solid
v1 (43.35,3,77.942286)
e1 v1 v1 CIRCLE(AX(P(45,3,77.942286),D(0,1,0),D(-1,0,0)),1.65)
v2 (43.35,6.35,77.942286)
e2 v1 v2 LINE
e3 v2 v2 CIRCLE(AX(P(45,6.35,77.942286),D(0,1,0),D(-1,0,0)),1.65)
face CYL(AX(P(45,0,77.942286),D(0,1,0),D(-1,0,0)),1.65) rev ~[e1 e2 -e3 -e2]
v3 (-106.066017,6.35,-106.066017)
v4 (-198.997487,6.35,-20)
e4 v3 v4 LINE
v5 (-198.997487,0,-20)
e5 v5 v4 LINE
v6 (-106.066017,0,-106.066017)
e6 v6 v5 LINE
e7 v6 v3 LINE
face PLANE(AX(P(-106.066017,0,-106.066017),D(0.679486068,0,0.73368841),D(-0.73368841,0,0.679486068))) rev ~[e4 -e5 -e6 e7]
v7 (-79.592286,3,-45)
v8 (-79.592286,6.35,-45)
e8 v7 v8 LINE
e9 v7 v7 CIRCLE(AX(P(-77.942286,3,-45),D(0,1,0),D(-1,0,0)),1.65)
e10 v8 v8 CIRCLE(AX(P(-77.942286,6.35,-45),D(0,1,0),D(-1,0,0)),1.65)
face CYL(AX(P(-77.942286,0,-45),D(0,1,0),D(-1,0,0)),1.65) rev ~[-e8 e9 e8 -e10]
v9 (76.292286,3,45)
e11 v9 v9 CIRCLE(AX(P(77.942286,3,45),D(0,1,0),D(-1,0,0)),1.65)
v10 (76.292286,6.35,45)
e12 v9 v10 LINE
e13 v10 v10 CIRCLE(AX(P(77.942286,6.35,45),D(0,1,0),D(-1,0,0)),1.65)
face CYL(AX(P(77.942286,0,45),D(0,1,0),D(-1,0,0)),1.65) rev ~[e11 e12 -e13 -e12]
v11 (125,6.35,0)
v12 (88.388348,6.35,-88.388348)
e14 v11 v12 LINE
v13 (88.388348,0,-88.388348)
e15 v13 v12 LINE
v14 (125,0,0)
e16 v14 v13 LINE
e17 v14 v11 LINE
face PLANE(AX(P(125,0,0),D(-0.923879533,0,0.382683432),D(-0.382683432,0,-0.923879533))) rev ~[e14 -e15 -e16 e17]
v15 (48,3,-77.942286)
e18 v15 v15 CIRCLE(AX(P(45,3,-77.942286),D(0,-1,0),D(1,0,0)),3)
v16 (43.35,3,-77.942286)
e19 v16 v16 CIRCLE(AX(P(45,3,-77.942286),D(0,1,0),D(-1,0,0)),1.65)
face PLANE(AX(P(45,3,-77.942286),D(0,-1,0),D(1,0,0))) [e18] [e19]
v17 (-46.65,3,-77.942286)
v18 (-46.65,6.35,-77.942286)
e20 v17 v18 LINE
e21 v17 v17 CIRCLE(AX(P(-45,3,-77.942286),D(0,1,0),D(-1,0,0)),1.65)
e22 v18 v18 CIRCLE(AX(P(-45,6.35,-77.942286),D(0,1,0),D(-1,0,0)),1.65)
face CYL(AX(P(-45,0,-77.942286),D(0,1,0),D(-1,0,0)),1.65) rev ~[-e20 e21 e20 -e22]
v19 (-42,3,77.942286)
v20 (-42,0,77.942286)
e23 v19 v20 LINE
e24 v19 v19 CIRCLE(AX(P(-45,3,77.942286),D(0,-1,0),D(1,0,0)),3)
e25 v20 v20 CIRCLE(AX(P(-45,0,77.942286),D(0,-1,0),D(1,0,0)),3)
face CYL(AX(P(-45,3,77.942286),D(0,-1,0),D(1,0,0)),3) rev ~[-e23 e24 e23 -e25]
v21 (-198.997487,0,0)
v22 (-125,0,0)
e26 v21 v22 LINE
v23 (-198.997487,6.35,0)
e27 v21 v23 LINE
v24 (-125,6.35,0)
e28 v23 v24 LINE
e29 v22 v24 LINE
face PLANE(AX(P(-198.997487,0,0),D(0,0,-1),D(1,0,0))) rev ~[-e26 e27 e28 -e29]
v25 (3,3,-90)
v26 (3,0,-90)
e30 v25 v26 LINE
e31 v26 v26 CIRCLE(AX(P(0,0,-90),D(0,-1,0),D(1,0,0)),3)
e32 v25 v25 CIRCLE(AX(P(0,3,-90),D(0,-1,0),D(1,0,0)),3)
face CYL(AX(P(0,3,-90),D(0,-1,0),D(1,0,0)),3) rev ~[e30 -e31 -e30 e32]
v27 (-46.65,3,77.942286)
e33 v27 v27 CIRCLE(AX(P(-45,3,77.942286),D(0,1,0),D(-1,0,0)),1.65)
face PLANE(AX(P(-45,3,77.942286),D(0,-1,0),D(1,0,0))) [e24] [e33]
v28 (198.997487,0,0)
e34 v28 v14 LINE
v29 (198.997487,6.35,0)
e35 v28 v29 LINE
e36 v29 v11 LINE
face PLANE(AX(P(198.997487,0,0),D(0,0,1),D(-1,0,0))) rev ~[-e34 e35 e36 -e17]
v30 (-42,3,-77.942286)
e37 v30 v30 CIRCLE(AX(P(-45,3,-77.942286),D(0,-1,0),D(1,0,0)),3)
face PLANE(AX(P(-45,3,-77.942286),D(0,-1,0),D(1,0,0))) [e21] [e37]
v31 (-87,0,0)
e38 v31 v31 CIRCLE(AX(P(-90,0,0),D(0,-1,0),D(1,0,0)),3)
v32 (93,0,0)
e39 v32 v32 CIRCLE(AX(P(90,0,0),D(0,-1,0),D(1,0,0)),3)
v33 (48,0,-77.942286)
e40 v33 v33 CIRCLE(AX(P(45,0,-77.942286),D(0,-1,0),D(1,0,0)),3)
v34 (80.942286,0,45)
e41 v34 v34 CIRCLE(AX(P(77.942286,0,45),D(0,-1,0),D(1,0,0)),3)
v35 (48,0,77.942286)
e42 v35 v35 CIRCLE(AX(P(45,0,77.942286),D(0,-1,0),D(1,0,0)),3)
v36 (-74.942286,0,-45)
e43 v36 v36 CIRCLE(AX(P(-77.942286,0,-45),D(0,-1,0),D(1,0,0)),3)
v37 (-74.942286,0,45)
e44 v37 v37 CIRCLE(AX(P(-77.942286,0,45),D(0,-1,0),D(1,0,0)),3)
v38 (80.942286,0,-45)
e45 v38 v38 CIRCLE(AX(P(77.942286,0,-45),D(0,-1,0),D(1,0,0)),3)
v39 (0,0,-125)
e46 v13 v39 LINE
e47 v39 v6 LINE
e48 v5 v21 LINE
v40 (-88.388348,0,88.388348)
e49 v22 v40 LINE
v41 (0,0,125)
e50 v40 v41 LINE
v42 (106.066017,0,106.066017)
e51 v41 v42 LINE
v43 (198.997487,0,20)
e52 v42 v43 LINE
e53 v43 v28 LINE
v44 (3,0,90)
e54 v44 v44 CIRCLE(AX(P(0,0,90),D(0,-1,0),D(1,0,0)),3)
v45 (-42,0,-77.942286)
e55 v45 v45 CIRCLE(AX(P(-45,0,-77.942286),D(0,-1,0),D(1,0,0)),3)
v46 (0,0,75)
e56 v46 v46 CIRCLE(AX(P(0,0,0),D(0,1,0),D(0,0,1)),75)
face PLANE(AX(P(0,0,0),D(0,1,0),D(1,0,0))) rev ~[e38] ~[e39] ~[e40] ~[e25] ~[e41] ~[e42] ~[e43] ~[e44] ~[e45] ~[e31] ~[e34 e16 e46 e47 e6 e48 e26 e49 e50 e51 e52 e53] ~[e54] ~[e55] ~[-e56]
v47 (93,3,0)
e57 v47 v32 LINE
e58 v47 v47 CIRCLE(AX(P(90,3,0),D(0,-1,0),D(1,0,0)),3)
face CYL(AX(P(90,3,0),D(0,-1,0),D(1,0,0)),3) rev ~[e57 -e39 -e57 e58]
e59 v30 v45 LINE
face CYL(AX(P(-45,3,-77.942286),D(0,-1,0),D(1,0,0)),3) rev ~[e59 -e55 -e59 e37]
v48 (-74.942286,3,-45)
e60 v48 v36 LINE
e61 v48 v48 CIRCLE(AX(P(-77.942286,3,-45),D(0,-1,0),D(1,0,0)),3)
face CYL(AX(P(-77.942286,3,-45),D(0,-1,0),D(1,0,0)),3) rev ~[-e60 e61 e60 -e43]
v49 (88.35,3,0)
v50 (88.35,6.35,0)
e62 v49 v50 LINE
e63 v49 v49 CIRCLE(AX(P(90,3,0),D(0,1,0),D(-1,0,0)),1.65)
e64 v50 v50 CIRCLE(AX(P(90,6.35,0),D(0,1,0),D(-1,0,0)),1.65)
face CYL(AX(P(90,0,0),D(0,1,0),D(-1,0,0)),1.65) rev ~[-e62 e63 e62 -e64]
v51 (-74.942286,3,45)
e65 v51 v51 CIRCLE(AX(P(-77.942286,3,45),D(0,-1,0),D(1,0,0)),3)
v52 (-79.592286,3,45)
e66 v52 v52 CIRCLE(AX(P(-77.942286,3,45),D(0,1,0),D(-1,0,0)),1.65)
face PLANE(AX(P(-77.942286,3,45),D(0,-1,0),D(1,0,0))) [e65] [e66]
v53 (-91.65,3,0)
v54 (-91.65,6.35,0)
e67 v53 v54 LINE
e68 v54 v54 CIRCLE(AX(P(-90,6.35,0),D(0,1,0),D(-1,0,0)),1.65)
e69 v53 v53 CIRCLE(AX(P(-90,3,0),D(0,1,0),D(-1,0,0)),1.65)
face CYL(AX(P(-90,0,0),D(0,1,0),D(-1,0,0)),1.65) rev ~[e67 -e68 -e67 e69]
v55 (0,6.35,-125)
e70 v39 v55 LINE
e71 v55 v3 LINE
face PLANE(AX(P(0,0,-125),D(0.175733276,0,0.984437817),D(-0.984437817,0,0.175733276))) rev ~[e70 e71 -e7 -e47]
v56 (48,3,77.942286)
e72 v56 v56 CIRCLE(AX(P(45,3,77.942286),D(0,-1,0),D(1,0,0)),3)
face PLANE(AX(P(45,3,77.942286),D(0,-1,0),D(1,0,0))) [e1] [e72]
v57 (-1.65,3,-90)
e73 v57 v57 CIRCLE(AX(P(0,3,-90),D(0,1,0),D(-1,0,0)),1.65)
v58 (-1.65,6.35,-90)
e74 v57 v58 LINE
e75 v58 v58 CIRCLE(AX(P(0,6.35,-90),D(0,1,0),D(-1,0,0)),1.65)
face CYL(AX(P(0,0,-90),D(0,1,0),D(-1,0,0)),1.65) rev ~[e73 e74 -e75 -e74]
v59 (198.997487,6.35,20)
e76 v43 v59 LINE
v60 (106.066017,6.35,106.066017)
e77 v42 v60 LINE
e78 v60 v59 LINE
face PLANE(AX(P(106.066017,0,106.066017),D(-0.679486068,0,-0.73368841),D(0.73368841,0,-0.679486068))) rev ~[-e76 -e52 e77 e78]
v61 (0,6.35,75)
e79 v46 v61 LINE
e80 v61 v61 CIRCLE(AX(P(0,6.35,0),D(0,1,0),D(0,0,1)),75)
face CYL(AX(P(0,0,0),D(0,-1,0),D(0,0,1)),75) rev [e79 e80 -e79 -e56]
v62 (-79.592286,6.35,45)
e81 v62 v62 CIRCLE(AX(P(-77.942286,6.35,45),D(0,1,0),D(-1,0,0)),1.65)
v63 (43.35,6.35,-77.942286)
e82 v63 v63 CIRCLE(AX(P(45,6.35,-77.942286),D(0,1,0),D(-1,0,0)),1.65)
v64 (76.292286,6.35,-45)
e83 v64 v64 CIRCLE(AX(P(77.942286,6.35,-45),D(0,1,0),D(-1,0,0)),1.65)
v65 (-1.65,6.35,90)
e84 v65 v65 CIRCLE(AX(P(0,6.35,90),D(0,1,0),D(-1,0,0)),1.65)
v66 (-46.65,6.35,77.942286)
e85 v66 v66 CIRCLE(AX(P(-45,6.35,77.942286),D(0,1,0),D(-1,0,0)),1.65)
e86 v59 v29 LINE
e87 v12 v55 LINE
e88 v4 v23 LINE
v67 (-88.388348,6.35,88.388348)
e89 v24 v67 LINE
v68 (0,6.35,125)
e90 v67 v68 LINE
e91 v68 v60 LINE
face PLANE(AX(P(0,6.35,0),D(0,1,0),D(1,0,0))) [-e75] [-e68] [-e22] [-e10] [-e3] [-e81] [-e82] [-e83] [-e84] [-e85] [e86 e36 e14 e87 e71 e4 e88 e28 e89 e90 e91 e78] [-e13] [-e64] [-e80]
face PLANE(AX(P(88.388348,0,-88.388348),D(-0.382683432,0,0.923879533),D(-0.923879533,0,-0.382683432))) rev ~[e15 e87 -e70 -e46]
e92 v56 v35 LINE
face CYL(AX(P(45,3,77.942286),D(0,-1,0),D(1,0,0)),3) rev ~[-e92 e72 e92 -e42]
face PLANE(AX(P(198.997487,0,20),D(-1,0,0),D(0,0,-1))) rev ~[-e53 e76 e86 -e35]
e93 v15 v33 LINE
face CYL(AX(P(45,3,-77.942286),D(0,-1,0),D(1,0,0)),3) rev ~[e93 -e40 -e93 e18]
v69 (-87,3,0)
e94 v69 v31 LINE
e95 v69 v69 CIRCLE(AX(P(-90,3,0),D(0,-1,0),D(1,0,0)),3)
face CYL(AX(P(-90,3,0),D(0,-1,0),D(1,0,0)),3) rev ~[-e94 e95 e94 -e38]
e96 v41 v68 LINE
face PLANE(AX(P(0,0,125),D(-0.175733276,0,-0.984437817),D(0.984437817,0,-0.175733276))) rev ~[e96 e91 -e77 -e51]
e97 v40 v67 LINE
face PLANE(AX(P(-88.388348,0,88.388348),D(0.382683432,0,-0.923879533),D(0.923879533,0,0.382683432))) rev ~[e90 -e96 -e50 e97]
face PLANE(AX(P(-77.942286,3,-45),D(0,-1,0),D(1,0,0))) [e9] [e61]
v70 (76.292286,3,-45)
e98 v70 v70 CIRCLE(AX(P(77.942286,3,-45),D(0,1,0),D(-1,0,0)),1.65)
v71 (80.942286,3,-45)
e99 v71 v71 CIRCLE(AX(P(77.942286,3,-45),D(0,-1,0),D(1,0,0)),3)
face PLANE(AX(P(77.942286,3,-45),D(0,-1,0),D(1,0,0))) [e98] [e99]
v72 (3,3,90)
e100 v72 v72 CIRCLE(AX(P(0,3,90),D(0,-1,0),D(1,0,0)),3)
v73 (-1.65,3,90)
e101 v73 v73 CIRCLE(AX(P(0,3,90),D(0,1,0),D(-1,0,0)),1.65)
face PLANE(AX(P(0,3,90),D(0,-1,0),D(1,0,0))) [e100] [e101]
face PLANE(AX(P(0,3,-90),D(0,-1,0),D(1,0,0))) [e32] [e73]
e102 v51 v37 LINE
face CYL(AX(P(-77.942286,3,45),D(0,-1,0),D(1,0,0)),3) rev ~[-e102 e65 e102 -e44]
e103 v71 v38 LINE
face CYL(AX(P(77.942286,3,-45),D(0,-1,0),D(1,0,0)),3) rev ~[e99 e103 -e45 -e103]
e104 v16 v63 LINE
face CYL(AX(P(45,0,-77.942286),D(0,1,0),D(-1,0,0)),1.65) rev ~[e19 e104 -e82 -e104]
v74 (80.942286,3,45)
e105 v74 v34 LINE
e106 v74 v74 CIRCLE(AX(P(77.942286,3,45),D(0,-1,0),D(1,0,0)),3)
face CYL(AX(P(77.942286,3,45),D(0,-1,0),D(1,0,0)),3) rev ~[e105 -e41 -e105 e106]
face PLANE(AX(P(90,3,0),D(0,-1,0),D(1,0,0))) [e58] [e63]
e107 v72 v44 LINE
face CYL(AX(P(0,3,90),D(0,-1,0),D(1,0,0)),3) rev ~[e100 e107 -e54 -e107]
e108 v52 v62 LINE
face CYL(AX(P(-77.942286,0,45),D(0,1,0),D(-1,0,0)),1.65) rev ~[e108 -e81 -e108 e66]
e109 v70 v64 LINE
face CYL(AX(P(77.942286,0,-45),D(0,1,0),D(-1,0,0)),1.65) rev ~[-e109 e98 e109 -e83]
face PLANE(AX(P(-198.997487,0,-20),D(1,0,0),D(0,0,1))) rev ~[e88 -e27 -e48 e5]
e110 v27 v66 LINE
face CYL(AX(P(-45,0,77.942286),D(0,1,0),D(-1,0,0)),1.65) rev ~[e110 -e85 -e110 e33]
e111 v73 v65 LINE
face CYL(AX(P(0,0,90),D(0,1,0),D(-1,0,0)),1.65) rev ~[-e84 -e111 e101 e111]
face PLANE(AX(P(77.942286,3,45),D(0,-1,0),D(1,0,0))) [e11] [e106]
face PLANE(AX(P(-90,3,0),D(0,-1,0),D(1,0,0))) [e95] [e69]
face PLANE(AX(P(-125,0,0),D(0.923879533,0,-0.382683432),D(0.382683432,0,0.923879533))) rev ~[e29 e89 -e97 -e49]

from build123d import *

# Parameters (mm, degrees)
SKETCH1_R                      = 75
BOSS_EXTRUDE1_DEPTH            = 6.35
CBORE_FOR_M3_SHCS1_D           = 3.3
CBORE_FOR_M3_SHCS1_CBORE_D     = 6
CBORE_FOR_M3_SHCS1_CBORE_DEPTH = 3


with BuildPart() as part:
    # Sketch1 → Boss-Extrude1 (new body)
    with BuildSketch(Plane(origin=(0, 0, 0), x_dir=(1, 0, 0), z_dir=(0, 1, 0))):
        Polygon((125, 0), (88.388347648, 88.388347648), (0, 125), (-106.066017178, 106.066017178), (-198.997487421, 20), (-198.997487421, 0), (-125, 0), (-88.388347648, -88.388347648), (0, -125), (106.066017178, -106.066017178), (198.997487421, -20), (198.997487421, 0), align=None)
        with Locations(Location((0, 0, 0), (0, 0, 270))):
            Circle(SKETCH1_R, mode=Mode.SUBTRACT)
    extrude(amount=BOSS_EXTRUDE1_DEPTH)

    # CBORE for M3 SHCS1 (through all)
    with Locations(Plane.XZ):
        with Locations((90, 0), (77.942286341, 45), (45, 77.942286341), (0, 90), (-45, 77.942286341), (-77.942286341, 45), (-90, 0), (-77.942286341, -45), (-45, -77.942286341), (0, -90), (45, -77.942286341), (77.942286341, -45), (0, 0)):
            CounterBoreHole(CBORE_FOR_M3_SHCS1_D / 2, CBORE_FOR_M3_SHCS1_CBORE_D / 2, CBORE_FOR_M3_SHCS1_CBORE_DEPTH)


solid = part.part
